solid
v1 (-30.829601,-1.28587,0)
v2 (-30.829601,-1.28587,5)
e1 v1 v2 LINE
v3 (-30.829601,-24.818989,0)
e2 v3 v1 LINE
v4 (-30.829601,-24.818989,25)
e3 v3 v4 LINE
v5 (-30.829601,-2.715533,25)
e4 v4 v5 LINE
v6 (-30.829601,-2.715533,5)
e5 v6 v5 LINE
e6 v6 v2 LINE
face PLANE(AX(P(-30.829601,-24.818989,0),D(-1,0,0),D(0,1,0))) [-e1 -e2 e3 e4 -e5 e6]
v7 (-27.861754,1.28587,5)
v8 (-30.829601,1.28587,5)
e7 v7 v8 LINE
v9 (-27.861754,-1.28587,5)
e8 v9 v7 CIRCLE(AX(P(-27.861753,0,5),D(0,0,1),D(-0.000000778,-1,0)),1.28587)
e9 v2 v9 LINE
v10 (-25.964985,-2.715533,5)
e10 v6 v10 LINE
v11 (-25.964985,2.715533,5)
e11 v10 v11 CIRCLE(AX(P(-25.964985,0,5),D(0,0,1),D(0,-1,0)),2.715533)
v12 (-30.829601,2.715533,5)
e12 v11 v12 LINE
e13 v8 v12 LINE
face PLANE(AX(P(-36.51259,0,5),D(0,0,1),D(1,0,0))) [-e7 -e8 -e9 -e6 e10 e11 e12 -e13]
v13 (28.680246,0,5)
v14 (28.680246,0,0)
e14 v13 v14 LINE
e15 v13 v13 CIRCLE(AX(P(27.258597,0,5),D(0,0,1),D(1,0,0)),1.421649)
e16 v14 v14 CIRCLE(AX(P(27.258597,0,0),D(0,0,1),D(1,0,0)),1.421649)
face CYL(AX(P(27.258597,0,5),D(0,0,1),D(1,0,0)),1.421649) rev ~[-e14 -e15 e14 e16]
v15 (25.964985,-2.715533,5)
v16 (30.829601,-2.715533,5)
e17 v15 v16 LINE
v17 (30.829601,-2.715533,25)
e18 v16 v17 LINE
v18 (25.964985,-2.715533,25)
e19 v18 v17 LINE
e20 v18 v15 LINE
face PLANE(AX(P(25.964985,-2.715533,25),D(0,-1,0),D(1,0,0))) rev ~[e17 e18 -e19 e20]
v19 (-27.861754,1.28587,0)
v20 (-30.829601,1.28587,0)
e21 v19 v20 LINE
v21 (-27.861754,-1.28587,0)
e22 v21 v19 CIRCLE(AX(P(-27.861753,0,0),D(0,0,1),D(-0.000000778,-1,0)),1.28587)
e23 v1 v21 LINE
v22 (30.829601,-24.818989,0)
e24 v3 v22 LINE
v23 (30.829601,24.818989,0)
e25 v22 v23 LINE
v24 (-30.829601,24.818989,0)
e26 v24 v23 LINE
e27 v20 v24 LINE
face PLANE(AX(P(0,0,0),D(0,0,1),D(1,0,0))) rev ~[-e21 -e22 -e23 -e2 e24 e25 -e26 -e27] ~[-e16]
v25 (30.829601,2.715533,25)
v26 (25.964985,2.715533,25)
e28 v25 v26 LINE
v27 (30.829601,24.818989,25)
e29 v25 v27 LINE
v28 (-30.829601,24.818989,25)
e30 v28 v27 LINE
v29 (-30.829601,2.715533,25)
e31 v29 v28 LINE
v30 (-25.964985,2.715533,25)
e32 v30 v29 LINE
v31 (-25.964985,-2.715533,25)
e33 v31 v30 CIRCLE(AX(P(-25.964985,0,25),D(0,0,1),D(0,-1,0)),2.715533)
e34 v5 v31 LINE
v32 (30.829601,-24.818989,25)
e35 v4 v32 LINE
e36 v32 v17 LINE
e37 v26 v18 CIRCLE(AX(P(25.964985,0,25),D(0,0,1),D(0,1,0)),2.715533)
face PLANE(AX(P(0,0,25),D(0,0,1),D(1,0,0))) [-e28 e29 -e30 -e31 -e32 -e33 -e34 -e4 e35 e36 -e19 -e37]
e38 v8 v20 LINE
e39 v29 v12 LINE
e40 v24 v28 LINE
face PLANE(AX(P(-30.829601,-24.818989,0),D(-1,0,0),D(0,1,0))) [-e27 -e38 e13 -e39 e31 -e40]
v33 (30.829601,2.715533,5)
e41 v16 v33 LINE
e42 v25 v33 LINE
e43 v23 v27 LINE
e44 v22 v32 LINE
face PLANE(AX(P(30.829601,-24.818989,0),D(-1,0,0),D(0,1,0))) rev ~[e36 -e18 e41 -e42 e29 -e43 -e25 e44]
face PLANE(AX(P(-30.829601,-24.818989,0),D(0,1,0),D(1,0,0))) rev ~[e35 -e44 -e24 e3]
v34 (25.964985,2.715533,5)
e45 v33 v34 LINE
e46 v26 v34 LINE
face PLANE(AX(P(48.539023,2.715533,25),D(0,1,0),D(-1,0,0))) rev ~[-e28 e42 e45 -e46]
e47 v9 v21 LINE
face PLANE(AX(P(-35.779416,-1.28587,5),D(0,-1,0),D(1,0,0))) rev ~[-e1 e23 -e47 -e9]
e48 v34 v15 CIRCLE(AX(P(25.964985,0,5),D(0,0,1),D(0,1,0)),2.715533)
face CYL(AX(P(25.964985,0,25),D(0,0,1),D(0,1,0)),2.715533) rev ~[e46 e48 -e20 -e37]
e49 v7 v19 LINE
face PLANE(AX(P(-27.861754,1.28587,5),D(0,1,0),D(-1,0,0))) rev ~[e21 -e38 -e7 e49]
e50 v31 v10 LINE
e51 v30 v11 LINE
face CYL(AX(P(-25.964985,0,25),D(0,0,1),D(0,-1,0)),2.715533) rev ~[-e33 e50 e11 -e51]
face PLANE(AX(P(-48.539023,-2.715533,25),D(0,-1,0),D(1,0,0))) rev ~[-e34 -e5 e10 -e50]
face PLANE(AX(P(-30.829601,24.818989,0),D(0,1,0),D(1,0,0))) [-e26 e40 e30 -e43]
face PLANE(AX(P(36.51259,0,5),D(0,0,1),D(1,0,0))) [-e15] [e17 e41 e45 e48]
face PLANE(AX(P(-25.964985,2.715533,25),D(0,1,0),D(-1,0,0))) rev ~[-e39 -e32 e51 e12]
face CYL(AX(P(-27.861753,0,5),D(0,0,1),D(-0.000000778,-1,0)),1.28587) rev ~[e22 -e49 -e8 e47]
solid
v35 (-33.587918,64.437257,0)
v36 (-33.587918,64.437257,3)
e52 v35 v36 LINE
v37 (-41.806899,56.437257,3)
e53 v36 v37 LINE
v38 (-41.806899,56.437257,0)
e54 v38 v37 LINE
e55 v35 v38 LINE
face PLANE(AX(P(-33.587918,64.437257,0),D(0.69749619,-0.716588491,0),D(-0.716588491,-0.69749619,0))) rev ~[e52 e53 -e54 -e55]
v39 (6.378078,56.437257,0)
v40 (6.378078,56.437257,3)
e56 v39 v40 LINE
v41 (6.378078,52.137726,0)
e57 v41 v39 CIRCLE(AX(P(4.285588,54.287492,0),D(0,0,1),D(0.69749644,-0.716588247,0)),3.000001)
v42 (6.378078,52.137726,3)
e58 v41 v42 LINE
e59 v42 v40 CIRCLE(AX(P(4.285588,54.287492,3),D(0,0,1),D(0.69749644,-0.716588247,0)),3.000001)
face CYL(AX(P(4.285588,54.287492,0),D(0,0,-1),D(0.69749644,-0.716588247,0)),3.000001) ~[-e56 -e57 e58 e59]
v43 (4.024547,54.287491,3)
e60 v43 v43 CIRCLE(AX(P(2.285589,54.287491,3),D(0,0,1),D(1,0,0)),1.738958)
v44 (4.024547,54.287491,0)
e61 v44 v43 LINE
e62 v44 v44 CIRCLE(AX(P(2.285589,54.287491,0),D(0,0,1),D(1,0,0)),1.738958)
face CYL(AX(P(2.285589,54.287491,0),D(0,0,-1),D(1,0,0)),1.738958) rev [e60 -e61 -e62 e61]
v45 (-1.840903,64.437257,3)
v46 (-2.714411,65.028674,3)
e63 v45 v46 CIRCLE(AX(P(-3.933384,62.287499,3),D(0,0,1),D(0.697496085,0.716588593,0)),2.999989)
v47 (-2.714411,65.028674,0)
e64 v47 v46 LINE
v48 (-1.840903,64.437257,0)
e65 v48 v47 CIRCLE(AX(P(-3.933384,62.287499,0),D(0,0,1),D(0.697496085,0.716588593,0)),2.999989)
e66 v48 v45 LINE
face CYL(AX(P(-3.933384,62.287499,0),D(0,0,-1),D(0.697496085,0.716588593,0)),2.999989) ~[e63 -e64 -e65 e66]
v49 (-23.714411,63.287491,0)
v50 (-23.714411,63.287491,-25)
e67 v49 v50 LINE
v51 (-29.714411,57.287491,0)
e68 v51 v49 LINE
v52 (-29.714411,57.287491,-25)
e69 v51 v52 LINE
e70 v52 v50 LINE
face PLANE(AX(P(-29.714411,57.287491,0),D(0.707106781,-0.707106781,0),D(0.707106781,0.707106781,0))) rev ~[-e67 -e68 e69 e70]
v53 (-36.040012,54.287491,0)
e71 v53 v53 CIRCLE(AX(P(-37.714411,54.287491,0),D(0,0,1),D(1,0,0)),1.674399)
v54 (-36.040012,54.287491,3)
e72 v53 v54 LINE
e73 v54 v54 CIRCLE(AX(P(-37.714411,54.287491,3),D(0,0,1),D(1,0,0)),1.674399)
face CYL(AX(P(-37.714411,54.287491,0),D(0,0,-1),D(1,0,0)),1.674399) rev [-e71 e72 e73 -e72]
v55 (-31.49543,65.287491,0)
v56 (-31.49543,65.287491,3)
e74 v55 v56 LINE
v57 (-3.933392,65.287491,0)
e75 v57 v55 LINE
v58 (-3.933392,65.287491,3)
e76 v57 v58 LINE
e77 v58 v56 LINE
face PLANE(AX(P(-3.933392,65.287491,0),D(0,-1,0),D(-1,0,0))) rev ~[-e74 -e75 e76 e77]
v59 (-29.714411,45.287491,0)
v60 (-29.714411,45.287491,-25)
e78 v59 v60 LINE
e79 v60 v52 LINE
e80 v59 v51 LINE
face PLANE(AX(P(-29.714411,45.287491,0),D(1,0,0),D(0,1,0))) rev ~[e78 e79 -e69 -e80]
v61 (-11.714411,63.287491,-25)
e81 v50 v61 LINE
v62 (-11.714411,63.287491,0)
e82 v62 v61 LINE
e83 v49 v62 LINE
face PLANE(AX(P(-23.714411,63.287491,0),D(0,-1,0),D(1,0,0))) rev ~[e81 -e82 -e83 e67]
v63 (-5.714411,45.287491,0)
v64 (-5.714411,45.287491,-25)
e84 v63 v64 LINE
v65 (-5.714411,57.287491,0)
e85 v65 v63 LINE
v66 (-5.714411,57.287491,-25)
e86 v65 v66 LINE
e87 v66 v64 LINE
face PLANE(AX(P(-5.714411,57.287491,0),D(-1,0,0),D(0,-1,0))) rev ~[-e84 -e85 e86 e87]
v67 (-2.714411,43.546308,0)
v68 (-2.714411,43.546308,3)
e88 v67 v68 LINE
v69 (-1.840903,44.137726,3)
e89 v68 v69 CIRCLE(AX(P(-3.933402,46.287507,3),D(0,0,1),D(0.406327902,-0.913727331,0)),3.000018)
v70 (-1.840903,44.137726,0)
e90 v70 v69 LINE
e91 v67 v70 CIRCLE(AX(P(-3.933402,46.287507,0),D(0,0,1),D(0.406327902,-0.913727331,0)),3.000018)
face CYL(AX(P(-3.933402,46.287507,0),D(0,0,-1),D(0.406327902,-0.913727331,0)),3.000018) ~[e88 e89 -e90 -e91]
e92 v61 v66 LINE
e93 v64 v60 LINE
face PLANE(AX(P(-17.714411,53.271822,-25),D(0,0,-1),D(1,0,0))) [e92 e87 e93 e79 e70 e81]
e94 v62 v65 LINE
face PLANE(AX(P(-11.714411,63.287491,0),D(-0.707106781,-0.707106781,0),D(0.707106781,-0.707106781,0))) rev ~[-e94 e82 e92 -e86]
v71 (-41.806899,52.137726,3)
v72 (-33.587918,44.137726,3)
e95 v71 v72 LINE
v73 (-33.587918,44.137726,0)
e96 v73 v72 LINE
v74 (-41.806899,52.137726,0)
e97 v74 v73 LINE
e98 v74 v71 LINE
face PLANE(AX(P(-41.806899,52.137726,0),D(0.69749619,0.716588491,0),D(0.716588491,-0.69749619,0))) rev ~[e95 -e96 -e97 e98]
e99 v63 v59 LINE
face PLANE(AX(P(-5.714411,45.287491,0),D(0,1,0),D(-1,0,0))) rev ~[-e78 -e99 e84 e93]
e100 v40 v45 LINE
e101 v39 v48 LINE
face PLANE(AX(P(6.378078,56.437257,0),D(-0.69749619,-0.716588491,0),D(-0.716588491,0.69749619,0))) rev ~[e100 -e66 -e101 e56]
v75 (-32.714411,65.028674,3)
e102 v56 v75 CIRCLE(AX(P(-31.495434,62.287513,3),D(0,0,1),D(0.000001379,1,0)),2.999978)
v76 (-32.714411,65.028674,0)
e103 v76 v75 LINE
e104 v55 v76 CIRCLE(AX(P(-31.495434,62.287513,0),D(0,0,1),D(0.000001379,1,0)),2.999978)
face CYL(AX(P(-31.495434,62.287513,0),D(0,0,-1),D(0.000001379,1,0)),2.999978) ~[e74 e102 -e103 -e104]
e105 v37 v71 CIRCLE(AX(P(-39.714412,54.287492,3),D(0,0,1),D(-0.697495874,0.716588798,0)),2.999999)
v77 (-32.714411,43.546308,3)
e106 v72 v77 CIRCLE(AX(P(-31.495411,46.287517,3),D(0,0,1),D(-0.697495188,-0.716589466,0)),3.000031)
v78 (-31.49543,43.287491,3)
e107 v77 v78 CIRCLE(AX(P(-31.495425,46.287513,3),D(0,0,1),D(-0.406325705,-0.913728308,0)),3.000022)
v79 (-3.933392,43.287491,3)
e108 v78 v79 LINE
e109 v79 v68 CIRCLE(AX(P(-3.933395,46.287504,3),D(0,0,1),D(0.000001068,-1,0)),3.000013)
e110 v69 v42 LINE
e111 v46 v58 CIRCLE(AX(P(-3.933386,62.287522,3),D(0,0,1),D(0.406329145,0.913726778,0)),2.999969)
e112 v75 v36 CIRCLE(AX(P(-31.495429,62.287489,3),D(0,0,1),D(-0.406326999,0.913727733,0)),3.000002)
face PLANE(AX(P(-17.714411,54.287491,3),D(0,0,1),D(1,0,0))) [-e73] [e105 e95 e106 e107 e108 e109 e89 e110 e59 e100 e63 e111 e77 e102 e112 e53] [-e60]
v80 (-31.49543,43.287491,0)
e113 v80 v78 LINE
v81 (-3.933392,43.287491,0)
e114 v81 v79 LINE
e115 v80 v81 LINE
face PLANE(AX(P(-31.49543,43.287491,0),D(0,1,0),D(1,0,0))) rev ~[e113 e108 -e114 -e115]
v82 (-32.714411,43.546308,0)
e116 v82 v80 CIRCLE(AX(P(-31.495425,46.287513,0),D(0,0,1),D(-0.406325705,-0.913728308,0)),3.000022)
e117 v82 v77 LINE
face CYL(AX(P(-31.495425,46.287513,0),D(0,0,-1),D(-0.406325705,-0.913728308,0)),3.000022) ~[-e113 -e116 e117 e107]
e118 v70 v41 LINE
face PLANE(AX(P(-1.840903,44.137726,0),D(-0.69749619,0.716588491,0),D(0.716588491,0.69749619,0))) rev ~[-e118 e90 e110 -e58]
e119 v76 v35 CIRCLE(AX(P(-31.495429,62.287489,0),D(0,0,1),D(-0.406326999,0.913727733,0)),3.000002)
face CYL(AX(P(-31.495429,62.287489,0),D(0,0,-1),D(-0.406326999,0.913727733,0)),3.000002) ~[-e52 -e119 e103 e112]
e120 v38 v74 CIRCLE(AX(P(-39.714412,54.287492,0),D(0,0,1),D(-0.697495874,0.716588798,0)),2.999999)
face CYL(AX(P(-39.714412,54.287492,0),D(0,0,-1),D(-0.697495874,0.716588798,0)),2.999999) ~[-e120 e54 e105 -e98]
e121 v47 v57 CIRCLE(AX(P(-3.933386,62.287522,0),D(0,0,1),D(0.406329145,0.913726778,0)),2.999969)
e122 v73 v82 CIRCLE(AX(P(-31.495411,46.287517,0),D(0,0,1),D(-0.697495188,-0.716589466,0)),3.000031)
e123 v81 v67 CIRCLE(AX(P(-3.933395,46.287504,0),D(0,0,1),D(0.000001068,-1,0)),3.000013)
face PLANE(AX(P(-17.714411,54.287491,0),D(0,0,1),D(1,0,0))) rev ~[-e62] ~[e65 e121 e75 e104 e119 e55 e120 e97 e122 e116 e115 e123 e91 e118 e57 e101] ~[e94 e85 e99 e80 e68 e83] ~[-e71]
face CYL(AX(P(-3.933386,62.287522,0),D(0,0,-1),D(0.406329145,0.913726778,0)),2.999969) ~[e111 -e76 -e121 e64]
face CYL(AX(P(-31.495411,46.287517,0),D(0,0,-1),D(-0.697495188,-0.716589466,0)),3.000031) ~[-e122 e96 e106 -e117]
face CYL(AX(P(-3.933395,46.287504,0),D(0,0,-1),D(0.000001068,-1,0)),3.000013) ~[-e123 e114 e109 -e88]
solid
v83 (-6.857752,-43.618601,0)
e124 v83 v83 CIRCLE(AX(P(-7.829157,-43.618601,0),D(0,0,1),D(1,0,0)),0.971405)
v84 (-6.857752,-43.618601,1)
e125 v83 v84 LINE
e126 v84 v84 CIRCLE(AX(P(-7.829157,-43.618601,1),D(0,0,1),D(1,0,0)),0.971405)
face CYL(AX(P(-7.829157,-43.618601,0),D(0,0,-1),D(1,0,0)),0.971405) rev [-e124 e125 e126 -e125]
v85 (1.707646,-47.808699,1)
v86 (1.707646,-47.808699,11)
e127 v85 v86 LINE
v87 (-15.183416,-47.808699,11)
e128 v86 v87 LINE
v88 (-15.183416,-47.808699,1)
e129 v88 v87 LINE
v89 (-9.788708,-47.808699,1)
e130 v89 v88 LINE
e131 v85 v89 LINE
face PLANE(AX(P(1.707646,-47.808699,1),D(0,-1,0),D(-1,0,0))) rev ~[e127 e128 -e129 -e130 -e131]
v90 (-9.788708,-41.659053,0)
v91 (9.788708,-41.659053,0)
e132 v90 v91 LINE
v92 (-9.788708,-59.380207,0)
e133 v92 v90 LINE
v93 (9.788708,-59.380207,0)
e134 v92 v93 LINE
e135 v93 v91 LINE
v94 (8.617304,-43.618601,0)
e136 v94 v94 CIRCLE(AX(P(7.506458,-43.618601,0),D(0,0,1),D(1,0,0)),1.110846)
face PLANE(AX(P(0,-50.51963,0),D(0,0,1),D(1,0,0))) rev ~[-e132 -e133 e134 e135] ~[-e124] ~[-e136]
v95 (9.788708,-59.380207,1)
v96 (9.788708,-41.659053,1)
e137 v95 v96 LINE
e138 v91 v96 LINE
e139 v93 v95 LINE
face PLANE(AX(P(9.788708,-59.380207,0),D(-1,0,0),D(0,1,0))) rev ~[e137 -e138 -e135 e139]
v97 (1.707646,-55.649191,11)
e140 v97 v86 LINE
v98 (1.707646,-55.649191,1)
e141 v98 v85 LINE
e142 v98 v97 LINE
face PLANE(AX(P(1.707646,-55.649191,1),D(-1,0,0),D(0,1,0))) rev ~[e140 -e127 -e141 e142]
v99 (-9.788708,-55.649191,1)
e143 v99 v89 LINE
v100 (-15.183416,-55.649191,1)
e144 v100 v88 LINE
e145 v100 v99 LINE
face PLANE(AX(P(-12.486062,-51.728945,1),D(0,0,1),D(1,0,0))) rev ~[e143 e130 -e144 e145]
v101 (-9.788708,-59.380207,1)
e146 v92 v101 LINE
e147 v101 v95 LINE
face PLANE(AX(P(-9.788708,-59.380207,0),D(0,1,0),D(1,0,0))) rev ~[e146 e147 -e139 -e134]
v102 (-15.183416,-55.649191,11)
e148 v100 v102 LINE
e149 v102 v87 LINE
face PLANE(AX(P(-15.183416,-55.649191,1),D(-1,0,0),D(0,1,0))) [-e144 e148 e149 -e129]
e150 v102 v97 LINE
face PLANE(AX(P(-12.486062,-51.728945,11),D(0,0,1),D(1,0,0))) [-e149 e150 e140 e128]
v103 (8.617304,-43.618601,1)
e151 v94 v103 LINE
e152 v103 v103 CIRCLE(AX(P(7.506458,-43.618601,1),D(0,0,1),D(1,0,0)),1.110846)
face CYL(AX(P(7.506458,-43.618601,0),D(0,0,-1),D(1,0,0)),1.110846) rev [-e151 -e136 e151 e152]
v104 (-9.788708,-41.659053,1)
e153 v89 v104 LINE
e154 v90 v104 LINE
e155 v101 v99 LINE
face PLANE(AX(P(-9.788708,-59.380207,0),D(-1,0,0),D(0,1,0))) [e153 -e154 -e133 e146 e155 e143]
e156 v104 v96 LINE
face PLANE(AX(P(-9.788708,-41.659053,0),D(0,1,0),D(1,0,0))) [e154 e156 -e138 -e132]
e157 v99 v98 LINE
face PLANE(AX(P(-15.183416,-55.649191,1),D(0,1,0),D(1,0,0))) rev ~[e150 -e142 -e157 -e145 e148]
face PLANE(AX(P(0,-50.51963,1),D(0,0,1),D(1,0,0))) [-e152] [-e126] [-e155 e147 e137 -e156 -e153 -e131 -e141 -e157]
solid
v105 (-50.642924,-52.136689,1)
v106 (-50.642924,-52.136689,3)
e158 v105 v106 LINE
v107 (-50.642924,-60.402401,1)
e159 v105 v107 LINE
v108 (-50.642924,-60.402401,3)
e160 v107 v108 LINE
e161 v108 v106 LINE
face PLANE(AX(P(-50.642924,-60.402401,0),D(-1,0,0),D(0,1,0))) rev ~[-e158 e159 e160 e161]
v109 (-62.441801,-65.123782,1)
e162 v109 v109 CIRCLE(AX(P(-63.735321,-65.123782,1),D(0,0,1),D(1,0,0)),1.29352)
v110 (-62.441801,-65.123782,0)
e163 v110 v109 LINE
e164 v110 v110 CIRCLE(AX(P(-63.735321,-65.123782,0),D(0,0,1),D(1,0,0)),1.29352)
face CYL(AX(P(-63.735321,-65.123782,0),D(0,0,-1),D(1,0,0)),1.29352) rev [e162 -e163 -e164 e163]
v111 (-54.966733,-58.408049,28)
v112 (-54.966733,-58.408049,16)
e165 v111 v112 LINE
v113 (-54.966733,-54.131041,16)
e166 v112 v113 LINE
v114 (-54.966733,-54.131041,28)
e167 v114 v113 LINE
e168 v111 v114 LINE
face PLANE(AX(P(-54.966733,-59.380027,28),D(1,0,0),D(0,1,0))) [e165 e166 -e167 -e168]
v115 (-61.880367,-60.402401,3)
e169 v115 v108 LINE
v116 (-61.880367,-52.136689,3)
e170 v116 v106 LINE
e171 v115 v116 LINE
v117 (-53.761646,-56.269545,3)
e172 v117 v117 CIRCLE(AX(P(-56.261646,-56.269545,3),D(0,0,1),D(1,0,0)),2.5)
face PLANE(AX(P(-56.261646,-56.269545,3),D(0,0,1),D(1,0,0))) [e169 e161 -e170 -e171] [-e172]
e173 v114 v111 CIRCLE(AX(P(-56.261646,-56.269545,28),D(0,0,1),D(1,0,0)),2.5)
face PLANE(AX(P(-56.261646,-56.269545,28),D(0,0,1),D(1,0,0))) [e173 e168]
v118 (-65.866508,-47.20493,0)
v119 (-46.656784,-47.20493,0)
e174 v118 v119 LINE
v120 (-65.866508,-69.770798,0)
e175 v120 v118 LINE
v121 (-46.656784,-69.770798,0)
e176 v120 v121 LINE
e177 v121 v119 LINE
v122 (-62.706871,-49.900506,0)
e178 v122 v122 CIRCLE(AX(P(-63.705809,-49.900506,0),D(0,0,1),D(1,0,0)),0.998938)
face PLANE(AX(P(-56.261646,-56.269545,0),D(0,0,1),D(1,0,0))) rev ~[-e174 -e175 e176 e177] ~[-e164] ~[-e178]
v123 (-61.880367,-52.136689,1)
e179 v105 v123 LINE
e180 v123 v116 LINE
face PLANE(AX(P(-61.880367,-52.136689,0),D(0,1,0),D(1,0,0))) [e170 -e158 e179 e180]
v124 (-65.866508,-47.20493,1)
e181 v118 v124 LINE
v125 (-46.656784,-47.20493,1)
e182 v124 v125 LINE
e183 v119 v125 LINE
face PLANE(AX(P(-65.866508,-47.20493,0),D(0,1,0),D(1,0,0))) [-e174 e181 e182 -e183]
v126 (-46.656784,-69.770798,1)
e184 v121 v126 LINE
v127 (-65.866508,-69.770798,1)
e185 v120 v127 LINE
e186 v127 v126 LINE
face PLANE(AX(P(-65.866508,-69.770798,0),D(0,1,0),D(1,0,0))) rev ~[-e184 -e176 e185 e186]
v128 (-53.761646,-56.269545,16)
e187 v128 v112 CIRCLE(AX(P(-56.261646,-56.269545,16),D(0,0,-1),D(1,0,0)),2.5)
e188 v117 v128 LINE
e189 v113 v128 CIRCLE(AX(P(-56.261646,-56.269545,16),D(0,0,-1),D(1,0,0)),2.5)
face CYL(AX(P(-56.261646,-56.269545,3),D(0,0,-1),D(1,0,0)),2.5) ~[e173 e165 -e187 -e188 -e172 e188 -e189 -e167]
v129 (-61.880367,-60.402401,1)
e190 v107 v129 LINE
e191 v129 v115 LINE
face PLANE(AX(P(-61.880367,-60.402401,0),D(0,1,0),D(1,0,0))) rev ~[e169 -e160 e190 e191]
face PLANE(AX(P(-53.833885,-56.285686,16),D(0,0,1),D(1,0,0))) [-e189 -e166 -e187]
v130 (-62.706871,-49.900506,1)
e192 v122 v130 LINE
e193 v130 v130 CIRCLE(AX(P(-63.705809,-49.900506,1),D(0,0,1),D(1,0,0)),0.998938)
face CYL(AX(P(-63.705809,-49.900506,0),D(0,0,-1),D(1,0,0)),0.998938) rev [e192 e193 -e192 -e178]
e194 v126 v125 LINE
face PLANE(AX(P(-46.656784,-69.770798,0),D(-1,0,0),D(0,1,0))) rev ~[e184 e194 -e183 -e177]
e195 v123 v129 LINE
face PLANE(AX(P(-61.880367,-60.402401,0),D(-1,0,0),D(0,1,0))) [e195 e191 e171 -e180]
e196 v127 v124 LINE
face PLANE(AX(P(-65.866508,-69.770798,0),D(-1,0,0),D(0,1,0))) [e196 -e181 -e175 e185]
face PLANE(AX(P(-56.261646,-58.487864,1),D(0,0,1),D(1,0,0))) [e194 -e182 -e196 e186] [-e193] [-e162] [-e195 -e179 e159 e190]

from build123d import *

# Parameters (mm, degrees)
F0_W      = 61.659202
F0_H      = 49.637978
F1_DEPTH  = 25
F3_DEPTH  = 20
F4_R      = 1.421649
F5_DEPTH  = 25
F6_W      = 19.577416
F6_H      = 17.721154
F6_R      = 0.971405
F6_R_2    = 1.110846
F7_DEPTH  = 1
F8_W      = 5.394709
F8_H      = 7.840492
F8_W_2    = 11.496354
F9_DEPTH  = 10
F10_W     = 19.209724
F10_H     = 22.565868
F10_R     = 1.29352
F10_R_2   = 0.998938
F11_DEPTH = 1
F12_W     = 11.237443
F12_H     = 8.265712
F13_DEPTH = 3
F14_R     = 2.5
F15_DEPTH = 25
F16_W     = 2.265696
F16_H     = 6.188683
F17_DEPTH = 12
F18_R     = 1.674399
F18_R_2   = 1.738958
F19_DEPTH = 3
F21_DEPTH = 25


with BuildPart() as f1:
    # F0 (on Top) → F1 (new body)
    with BuildSketch(Plane.XY):
        Rectangle(F0_W, F0_H)
    extrude(amount=F1_DEPTH)

    # F2 (on face) → F3 (cut)
    with BuildSketch(Plane.XY.offset(25)):
        with BuildLine():
            Line((-48.539023, -2.715533), (-25.964985, -2.715533))
            ThreePointArc((-25.964985, -2.715533), (-23.249452, 0), (-25.964985, 2.715533))
            Line((-25.964985, 2.715533), (-48.539023, 2.715533))
            Line((-48.539023, 2.715533), (-48.539023, -2.715533))
        make_face()
        with BuildLine():
            Line((48.539023, -2.715533), (48.539023, 2.715533))
            Line((48.539023, 2.715533), (25.964985, 2.715533))
            ThreePointArc((25.964985, 2.715533), (23.249452, 0), (25.964985, -2.715533))
            Line((25.964985, -2.715533), (48.539023, -2.715533))
        make_face()
    extrude(amount=-F3_DEPTH, mode=Mode.SUBTRACT)

    # F4 (on face) → F5 (cut)
    with BuildSketch(Plane.XY.offset(5)):
        with BuildLine():
            Line((-35.779416, -1.28587), (-27.861754, -1.28587))
            ThreePointArc((-27.861754, -1.28587), (-26.575883, 0), (-27.861754, 1.28587))
            Line((-27.861754, 1.28587), (-35.779416, 1.28587))
            Line((-35.779416, 1.28587), (-35.779416, -1.28587))
        make_face()
        with Locations((27.258597, 0)):
            Circle(F4_R)
    extrude(amount=-F5_DEPTH, mode=Mode.SUBTRACT)


with BuildPart() as f7:
    # F6 (on Top) → F7 (new body)
    with BuildSketch(Plane.XY):
        with Locations((0, -50.51963)):
            Rectangle(F6_W, F6_H)
        with Locations((-7.829157, -43.618601)):
            Circle(F6_R, mode=Mode.SUBTRACT)
        with Locations((7.506458, -43.618601)):
            Circle(F6_R_2, mode=Mode.SUBTRACT)
    extrude(amount=F7_DEPTH)

    # F8 (on face) → F9 (join)
    with BuildSketch(Plane.XY.offset(1)):
        with Locations((-12.486062, -51.728945)):
            Rectangle(F8_W, F8_H)
        with Locations((-4.040531, -51.728945)):
            Rectangle(F8_W_2, F8_H)
    extrude(amount=F9_DEPTH)


with BuildPart() as f11:
    # F10 (on Top) → F11 (new body)
    with BuildSketch(Plane.XY):
        with Locations((-56.261646, -58.487864)):
            Rectangle(F10_W, F10_H)
        with Locations((-63.735321, -65.123782)):
            Circle(F10_R, mode=Mode.SUBTRACT)
        with Locations((-63.705809, -49.900506)):
            Circle(F10_R_2, mode=Mode.SUBTRACT)
    extrude(amount=F11_DEPTH)

    # F12 (on Top) → F13 (join)
    with BuildSketch(Plane.XY):
        with Locations((-56.261646, -56.269545)):
            Rectangle(F12_W, F12_H)
    extrude(amount=F13_DEPTH)

    # F14 (on face) → F15 (join)
    with BuildSketch(Plane.XY.offset(3)):
        with Locations((-56.261646, -56.269545)):
            Circle(F14_R)
    extrude(amount=F15_DEPTH)

    # F16 (on face) → F17 (cut)
    with BuildSketch(Plane.XY.offset(28)):
        with Locations((-53.833885, -56.285686)):
            Rectangle(F16_W, F16_H)
    extrude(amount=-F17_DEPTH, mode=Mode.SUBTRACT)


with BuildPart() as f19:
    # F18 (on Top) → F19 (new body)
    with BuildSketch(Plane.XY):
        with BuildLine():
            Line((-31.49543, 43.287491), (-3.933392, 43.287491))
            ThreePointArc((-3.933392, 43.287491), (-3.310314, 43.352909), (-2.714411, 43.546308))
            ThreePointArc((-2.714411, 43.546308), (-2.251458, 43.803322), (-1.840903, 44.137726))
            Line((-1.840903, 44.137726), (6.378078, 52.137726))
            ThreePointArc((6.378078, 52.137726), (7.285589, 54.287491), (6.378078, 56.437257))
            Line((6.378078, 56.437257), (-1.840903, 64.437257))
            ThreePointArc((-1.840903, 64.437257), (-2.251458, 64.771661), (-2.714411, 65.028674))
            ThreePointArc((-2.714411, 65.028674), (-3.310314, 65.222074), (-3.933392, 65.287491))
            Line((-3.933392, 65.287491), (-31.49543, 65.287491))
            ThreePointArc((-31.49543, 65.287491), (-32.118507, 65.222074), (-32.714411, 65.028674))
            ThreePointArc((-32.714411, 65.028674), (-33.177363, 64.771661), (-33.587918, 64.437257))
            Line((-33.587918, 64.437257), (-41.806899, 56.437257))
            ThreePointArc((-41.806899, 56.437257), (-42.714411, 54.287491), (-41.806899, 52.137726))
            Line((-41.806899, 52.137726), (-33.587918, 44.137726))
            ThreePointArc((-33.587918, 44.137726), (-33.177363, 43.803322), (-32.714411, 43.546308))
            ThreePointArc((-32.714411, 43.546308), (-32.118507, 43.352909), (-31.49543, 43.287491))
        make_face()
        with Locations((-37.714411, 54.287491)):
            Circle(F18_R, mode=Mode.SUBTRACT)
        with Locations((2.285589, 54.287491)):
            Circle(F18_R_2, mode=Mode.SUBTRACT)
    extrude(amount=F19_DEPTH)

    # F20 (on face) → F21 (join)
    with BuildSketch(Plane(origin=(0, 0, 0), x_dir=(1, 0, 0), z_dir=(0, 0, -1))):
        Polygon((-5.714411, -45.287491), (-17.714411, -45.287491), (-29.714411, -45.287491), (-29.714411, -57.287491), (-23.714411, -63.287491), (-17.714411, -63.287491), (-11.714411, -63.287491), (-5.714411, -57.287491), align=None)
    extrude(amount=F21_DEPTH)


solid = Compound([f1.part, f7.part, f11.part, f19.part])
